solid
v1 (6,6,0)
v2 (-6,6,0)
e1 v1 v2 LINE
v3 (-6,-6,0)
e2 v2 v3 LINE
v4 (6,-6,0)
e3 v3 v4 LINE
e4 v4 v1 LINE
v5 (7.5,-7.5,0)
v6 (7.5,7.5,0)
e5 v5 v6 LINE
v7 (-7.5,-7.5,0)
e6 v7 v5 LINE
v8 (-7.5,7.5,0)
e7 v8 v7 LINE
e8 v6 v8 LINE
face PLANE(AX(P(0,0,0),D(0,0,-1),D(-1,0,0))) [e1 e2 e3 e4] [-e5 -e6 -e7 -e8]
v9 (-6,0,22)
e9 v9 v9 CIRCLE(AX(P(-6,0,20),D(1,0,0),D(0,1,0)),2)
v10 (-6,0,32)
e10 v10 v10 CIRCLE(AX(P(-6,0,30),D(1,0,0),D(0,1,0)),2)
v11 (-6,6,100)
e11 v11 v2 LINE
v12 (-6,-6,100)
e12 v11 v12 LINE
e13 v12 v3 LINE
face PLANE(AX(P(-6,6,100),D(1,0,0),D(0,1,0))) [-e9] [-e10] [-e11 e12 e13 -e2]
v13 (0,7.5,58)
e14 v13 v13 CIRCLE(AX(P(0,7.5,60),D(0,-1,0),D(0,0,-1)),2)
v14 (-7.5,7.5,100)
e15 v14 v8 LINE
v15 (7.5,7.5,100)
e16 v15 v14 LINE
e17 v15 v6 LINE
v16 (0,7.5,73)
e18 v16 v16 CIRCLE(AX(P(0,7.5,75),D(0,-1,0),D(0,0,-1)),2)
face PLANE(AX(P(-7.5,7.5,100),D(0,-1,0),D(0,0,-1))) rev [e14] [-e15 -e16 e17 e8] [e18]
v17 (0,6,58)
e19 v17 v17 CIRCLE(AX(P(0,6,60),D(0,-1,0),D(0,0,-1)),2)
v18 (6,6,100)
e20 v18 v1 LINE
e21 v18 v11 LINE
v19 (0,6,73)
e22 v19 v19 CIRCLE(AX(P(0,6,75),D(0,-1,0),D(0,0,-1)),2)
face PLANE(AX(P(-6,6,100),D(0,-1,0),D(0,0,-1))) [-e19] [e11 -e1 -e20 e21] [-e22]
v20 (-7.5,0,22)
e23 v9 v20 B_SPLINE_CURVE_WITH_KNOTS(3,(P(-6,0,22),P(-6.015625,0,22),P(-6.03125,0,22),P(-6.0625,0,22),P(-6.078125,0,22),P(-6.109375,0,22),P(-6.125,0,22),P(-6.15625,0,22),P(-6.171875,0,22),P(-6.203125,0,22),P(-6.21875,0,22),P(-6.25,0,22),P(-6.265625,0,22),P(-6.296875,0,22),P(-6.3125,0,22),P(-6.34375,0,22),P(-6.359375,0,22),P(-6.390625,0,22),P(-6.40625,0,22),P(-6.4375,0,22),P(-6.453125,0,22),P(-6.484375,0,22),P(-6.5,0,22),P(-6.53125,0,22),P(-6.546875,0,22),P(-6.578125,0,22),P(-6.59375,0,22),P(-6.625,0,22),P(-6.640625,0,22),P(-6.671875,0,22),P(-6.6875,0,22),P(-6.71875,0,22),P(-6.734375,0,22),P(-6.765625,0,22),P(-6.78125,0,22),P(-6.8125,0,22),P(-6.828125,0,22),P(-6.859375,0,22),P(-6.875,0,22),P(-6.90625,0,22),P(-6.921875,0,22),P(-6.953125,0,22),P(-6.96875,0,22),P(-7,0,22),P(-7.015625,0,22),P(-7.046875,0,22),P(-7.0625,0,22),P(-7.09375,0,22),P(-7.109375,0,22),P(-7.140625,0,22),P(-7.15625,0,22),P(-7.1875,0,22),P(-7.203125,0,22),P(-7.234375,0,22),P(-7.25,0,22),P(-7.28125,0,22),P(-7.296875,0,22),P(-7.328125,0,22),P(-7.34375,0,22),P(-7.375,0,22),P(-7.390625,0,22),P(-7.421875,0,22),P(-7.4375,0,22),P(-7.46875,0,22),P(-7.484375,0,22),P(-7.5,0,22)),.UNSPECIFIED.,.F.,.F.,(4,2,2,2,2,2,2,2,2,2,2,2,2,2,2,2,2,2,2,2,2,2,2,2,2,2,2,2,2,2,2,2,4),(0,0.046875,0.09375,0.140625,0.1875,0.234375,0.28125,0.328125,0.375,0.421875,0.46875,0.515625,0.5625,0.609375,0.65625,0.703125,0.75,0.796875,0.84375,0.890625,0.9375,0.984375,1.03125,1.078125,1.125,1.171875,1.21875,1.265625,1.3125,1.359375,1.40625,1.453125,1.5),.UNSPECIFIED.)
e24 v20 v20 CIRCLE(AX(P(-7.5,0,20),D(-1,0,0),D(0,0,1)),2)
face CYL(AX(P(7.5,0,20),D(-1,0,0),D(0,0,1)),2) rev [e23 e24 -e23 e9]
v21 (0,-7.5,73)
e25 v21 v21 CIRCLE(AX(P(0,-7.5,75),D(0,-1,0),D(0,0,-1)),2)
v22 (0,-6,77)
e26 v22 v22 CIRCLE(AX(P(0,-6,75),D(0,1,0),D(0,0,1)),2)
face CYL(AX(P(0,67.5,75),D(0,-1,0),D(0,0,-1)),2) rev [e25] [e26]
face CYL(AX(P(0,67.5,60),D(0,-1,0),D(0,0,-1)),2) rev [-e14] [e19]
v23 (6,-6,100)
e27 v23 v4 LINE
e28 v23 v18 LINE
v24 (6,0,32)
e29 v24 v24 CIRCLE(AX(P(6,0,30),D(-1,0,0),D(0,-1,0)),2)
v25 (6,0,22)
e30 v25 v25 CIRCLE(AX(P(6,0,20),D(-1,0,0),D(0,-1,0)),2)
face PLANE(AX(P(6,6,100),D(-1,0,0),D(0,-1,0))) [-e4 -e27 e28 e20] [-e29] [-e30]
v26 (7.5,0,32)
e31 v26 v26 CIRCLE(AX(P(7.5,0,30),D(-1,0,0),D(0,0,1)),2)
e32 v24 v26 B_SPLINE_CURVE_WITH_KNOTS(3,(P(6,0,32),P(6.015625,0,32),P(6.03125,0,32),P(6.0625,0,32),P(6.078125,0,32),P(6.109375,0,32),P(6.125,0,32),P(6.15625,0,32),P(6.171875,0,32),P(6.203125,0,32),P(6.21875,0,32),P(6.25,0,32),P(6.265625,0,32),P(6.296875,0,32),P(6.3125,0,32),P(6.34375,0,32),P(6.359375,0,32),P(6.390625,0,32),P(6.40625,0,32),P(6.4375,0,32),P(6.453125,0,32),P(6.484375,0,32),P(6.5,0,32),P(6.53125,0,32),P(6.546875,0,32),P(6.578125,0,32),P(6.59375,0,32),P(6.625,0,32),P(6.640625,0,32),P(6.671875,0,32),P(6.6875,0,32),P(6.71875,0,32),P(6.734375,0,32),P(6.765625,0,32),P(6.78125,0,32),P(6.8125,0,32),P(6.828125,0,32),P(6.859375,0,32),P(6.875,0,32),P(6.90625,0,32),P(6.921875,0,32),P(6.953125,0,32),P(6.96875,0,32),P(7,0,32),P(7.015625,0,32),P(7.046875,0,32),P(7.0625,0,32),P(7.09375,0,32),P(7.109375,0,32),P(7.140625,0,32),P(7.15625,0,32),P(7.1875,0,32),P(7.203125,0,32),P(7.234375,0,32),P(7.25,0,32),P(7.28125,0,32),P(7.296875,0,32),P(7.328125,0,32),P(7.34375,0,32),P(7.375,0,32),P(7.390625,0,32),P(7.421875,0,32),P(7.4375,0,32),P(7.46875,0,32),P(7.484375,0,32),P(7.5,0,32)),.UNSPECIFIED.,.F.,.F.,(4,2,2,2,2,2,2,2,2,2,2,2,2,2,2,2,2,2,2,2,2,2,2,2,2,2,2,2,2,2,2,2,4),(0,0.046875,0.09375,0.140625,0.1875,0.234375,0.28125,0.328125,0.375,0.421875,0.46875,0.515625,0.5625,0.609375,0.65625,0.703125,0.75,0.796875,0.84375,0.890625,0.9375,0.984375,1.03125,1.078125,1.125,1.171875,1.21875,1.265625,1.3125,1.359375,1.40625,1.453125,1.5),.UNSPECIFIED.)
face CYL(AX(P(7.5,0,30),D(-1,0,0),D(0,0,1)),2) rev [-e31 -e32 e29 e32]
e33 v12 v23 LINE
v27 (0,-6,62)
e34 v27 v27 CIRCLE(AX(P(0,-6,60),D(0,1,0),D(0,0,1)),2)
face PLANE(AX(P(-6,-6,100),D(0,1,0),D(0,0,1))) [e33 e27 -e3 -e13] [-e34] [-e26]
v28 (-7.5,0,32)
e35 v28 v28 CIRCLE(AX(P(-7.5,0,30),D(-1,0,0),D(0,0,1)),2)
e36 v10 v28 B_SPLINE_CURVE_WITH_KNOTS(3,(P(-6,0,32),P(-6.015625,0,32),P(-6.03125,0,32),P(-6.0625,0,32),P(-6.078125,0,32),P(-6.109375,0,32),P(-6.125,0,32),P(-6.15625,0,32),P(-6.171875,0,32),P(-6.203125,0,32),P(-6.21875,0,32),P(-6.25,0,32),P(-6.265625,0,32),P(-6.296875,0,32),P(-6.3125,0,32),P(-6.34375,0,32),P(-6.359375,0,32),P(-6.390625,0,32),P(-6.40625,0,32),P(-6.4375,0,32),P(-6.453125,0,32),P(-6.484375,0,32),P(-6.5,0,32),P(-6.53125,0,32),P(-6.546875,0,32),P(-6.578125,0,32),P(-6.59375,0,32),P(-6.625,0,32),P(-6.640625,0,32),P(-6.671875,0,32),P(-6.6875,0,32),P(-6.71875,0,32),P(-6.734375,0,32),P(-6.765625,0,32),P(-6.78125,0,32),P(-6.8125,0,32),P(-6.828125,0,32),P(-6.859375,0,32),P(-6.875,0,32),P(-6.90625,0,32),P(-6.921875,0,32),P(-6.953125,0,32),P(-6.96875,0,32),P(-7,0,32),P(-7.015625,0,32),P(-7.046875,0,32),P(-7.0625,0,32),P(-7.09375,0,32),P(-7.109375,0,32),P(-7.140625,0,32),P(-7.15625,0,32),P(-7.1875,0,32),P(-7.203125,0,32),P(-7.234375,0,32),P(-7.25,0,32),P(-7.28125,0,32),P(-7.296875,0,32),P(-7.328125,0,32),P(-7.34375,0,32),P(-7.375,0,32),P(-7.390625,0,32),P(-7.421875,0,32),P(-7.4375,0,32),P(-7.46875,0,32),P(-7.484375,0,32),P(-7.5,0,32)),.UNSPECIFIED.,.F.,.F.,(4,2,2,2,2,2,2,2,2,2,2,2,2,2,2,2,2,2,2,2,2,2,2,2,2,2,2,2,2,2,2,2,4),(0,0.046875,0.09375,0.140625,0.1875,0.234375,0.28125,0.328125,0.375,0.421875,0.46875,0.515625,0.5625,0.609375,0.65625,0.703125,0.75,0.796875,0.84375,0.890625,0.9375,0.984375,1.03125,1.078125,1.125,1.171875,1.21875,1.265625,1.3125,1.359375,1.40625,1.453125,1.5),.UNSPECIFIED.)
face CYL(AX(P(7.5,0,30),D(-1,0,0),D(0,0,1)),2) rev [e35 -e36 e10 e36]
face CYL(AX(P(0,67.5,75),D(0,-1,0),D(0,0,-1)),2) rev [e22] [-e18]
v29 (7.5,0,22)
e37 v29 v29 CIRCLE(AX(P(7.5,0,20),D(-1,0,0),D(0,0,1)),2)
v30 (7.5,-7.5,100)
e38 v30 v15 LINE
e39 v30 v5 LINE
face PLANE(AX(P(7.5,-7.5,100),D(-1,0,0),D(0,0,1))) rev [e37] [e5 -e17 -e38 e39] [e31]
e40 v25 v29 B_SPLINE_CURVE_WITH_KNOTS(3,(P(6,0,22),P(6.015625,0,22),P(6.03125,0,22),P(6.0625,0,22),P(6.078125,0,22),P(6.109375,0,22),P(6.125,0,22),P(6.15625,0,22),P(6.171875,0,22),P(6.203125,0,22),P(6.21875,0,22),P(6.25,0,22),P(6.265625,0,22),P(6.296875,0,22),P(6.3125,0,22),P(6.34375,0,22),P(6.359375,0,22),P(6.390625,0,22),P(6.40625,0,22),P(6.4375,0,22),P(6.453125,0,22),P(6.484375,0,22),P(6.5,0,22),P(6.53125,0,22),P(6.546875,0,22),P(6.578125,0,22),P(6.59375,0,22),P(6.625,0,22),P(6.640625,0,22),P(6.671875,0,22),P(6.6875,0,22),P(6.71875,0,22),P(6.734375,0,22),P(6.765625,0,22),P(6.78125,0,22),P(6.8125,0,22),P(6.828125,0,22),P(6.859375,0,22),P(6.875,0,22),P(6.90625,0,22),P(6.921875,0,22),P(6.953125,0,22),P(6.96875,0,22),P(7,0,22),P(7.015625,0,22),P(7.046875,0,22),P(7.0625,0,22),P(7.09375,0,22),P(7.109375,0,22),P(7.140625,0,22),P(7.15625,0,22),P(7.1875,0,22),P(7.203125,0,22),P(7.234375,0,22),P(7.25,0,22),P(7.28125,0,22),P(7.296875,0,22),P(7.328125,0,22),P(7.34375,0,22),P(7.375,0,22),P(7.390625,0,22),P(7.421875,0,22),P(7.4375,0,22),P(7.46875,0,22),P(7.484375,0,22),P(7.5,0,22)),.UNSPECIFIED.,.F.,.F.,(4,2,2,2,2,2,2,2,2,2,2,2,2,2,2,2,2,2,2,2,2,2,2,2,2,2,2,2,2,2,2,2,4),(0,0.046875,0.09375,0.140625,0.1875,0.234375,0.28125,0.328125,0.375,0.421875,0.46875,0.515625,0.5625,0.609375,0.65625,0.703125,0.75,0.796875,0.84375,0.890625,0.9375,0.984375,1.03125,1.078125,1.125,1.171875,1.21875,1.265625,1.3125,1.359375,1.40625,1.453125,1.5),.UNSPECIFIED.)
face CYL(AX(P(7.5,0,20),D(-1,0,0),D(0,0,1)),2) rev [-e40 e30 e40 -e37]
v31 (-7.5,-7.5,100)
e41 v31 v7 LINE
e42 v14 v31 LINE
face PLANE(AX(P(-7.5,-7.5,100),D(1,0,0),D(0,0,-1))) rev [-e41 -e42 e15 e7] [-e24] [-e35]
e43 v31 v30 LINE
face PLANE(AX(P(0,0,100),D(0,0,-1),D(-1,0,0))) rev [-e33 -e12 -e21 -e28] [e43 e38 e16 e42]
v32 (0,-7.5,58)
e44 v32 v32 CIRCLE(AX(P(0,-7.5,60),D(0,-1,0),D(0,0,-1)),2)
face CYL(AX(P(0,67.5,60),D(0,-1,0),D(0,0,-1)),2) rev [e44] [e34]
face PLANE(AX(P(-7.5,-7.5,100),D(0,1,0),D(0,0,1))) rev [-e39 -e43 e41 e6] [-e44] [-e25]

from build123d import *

# Parameters (mm, degrees)
SKETCH_1_W          = 15
SKETCH_1_H          = 15
SKETCH_1_W_2        = 12
SKETCH_1_H_2        = 12
EXTRUDE_1_DEPTH     = 100
SKETCH_4_R          = 2
CUT_EXTRUDE_2_DEPTH = 75
SKETCH_5_R          = 2
CUT_EXTRUDE_3_DEPTH = 102.396498953


with BuildPart() as part:
    # 草图1 → 凸台-拉伸1 (new body)
    with BuildSketch(Plane.XY):
        Rectangle(SKETCH_1_W, SKETCH_1_H)
        Rectangle(SKETCH_1_W_2, SKETCH_1_H_2, mode=Mode.SUBTRACT)
    extrude(amount=EXTRUDE_1_DEPTH)

    # 草图4 → 切除-拉伸2 (cut)
    with BuildSketch(Plane.XZ.offset(7.5)):
        with Locations(Location((0, 75, 0), (0, 0, 270))):
            Circle(SKETCH_4_R)
        with Locations(Location((0, 60, 0), (0, 0, 270))):
            Circle(SKETCH_4_R)
    extrude(amount=-CUT_EXTRUDE_2_DEPTH, mode=Mode.SUBTRACT)

    # 草图5 → 切除-拉伸3 (cut, through all)
    with BuildSketch(Plane.ZY.offset(7.5)):
        with Locations((20, 0)):
            Circle(SKETCH_5_R)
        with Locations((30, 0)):
            Circle(SKETCH_5_R)
    extrude(amount=-CUT_EXTRUDE_3_DEPTH, mode=Mode.SUBTRACT)


solid = part.part
